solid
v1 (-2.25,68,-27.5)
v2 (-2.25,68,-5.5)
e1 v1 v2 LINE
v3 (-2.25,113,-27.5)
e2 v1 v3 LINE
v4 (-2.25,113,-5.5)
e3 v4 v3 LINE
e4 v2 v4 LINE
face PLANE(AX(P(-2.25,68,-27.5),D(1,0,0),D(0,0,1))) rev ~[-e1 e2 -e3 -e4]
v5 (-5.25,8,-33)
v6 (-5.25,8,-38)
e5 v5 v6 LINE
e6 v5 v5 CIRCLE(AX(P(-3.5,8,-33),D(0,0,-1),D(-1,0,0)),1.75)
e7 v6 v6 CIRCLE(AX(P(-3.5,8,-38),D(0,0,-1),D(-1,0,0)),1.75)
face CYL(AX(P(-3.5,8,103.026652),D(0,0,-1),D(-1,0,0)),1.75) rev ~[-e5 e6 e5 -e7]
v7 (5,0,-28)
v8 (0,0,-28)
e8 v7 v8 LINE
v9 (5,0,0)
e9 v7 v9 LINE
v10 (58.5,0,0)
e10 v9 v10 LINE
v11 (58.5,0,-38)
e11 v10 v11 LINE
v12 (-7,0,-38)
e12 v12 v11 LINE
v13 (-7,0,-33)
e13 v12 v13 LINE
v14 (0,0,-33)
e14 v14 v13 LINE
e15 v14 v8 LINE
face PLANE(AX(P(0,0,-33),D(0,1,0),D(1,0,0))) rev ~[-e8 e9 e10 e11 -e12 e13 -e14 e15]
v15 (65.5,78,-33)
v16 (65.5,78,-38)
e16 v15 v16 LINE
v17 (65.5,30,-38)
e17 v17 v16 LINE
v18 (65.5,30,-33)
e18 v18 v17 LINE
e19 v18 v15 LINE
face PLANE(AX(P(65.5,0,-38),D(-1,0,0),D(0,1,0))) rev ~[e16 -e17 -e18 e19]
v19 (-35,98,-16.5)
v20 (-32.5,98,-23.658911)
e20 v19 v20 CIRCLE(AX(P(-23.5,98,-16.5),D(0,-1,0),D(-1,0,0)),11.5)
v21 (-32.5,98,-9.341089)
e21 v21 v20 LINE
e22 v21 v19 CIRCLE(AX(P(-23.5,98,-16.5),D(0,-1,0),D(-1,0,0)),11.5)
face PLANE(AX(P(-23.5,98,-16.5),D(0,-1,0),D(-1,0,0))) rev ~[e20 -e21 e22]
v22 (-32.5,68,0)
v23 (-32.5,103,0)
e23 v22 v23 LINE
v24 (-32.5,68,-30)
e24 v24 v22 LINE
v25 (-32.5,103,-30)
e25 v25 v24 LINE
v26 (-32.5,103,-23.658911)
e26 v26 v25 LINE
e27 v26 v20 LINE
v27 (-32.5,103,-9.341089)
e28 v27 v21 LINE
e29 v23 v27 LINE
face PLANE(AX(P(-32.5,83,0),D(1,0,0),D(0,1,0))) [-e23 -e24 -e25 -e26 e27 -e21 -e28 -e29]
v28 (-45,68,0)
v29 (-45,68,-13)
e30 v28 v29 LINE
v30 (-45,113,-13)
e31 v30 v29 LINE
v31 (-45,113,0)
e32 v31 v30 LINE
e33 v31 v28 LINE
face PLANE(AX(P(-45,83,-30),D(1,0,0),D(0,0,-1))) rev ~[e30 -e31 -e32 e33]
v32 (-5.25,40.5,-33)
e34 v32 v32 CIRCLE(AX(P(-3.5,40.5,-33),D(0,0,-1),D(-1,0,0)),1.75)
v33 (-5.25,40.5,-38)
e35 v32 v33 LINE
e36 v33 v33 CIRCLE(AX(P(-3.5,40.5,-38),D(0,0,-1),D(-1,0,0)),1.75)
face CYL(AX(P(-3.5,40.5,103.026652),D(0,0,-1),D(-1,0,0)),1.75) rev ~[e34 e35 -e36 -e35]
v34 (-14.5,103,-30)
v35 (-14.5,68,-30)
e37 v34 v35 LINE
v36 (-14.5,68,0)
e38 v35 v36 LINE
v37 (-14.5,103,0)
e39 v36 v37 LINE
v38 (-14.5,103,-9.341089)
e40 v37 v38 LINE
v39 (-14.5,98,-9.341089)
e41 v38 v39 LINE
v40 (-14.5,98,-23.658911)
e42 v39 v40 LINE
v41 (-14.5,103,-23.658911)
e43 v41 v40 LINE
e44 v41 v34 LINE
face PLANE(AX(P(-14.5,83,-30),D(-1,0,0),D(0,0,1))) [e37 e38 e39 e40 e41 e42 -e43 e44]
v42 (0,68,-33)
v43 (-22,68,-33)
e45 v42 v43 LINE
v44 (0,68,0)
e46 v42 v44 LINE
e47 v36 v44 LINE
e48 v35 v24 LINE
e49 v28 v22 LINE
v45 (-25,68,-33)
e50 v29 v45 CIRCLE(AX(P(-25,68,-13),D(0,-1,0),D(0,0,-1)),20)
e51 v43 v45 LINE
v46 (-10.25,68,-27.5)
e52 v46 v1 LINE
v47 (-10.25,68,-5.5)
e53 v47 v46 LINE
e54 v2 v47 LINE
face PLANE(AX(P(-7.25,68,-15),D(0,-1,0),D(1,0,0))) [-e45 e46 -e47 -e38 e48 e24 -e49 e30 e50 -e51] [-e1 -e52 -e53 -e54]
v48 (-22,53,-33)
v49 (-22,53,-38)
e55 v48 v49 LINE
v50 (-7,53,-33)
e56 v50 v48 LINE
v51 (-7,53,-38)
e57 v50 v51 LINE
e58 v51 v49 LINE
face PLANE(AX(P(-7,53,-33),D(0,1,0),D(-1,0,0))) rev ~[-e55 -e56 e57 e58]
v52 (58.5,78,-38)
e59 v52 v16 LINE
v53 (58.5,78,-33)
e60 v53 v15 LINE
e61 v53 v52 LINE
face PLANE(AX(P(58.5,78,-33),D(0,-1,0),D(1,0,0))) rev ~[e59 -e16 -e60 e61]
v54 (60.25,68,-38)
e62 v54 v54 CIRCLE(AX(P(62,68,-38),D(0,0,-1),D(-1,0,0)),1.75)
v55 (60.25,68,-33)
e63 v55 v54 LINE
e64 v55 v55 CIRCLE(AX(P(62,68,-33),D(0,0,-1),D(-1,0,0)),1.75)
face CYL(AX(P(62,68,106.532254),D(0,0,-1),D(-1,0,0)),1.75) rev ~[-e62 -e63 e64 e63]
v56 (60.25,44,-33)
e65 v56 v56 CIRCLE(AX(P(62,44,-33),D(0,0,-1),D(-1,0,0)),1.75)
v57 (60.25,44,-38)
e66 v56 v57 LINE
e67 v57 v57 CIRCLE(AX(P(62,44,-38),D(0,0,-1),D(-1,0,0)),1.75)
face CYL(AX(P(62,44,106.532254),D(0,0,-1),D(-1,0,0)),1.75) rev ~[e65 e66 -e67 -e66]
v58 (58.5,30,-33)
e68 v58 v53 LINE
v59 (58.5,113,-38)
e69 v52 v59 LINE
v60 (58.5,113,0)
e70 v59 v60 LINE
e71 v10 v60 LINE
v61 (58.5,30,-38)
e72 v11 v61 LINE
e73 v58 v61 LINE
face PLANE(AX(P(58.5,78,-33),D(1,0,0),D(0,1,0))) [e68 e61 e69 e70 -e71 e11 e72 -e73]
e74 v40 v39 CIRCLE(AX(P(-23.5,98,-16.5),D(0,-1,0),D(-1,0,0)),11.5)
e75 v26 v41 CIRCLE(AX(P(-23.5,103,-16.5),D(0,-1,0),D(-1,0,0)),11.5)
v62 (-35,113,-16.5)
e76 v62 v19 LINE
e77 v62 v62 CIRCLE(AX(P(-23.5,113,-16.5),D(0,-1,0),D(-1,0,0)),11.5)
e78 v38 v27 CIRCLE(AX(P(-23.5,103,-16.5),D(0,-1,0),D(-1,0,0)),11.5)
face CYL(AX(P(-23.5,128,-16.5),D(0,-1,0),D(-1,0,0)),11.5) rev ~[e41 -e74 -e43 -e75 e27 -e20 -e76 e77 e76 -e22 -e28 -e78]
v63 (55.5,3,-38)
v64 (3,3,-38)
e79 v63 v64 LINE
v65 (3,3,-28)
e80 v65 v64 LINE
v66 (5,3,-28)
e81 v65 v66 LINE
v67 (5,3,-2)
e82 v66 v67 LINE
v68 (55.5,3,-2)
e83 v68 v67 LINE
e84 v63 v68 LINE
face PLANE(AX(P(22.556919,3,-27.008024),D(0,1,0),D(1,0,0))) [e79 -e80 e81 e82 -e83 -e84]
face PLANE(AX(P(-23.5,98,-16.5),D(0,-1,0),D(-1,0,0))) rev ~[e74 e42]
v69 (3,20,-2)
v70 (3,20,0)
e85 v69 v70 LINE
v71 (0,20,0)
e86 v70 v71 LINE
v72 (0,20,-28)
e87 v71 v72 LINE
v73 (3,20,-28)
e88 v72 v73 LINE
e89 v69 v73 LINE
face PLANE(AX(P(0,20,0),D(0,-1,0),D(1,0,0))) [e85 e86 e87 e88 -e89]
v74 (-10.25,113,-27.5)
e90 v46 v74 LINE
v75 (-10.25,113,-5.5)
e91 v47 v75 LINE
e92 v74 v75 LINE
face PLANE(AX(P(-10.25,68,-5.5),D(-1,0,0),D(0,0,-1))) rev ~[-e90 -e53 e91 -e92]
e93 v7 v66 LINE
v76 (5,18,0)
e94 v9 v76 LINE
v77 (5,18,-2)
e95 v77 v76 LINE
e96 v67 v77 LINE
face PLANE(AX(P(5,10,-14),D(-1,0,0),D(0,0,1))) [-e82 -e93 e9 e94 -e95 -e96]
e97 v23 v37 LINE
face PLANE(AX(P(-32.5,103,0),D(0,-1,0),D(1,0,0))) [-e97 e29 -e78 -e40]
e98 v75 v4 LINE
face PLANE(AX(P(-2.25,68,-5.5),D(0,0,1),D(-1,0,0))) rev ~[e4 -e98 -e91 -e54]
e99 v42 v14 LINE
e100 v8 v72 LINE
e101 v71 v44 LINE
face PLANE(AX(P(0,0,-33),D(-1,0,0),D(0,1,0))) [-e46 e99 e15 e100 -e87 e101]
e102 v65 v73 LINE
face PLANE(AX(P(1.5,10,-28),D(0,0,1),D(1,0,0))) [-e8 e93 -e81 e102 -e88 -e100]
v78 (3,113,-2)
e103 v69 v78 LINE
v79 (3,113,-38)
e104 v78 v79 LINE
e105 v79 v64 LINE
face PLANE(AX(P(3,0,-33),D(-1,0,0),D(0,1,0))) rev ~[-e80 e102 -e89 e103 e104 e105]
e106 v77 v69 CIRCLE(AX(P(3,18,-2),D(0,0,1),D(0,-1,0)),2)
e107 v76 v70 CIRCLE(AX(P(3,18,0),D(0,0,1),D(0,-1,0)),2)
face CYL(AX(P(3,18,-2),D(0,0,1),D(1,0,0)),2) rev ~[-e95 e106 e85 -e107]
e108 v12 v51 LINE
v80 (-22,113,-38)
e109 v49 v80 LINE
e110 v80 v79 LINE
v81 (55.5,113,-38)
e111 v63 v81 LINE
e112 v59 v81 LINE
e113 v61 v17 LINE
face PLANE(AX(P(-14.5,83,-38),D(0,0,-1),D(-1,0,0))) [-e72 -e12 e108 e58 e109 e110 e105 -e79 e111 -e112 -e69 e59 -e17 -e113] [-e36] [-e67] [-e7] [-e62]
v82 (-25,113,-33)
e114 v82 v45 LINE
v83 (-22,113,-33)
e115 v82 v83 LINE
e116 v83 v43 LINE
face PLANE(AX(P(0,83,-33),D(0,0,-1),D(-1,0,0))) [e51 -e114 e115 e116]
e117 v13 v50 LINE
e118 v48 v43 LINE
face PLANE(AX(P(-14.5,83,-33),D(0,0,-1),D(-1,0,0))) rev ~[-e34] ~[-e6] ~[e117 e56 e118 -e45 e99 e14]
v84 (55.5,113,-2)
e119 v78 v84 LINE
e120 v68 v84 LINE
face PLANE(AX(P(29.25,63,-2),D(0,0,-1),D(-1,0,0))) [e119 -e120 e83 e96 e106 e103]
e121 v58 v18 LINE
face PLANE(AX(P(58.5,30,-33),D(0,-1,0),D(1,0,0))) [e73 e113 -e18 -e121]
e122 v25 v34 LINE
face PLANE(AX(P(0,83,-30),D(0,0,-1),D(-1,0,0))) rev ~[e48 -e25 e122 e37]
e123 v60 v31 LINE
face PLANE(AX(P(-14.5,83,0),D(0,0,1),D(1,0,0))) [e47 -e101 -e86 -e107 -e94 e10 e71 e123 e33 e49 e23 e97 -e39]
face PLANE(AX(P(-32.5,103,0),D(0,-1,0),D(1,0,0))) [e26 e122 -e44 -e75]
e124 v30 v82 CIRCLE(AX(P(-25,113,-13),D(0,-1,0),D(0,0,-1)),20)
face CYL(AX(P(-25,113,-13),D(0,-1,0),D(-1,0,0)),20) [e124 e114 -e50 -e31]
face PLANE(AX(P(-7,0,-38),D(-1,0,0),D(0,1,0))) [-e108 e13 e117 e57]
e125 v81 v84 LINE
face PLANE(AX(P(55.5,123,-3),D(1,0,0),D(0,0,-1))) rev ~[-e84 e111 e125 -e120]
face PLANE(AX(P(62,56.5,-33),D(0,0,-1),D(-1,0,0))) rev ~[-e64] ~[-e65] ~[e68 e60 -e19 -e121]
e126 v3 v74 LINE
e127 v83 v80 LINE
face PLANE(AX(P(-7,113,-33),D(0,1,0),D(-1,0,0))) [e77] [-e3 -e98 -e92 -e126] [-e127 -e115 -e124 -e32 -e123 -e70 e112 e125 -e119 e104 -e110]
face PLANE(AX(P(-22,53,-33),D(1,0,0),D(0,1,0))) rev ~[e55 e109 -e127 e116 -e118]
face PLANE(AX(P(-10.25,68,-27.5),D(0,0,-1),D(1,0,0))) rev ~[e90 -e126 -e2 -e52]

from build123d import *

# Parameters (mm, degrees)
SKETCH_1_W          = 58.5
SKETCH_1_H          = 42
EXTRUDE_1_DEPTH     = 123
CUT_EXTRUDE_1_DEPTH = 120
SKETCH_3_W          = 58.5
SKETCH_3_H          = 123
CUT_EXTRUDE_2_DEPTH = 4
SKETCH_4_W          = 52.5
SKETCH_4_H          = 120
CUT_EXTRUDE_3_DEPTH = 1
SKETCH_5_W          = 58.5
SKETCH_5_H          = 38
CUT_EXTRUDE_4_DEPTH = 10
SKETCH_6_W          = 7
SKETCH_6_H          = 113
EXTRUDE_2_DEPTH     = 5
SKETCH_10_W         = 3
SKETCH_10_H         = 20
CUT_EXTRUDE_5_DEPTH = 33
HOLE_WIZARD_2_D     = 3.5
SKETCH_13_W         = 7
SKETCH_13_H         = 113
EXTRUDE_3_DEPTH     = 5
HOLE_WIZARD_3_D     = 3.5
SKETCH_17_W         = 7
SKETCH_17_H         = 35
SKETCH_17_H_2       = 30
CUT_EXTRUDE_6_DEPTH = 5
SKETCH_18_W         = 3
SKETCH_18_H         = 20
EXTRUDE_4_DEPTH     = 5
SKETCH_19_W         = 28
SKETCH_19_H         = 20
CUT_EXTRUDE_7_DEPTH = 2
FILLET_3_R          = 2
SKETCH_21_W         = 33
SKETCH_21_H         = 30
EXTRUDE_6_DEPTH     = 30
SKETCH_22_W         = 15
SKETCH_22_H         = 33
EXTRUDE_7_DEPTH     = 30
SKETCH_24_W         = 18
SKETCH_24_H         = 20
CUT_EXTRUDE_8_DEPTH = 30
HOLE_WIZARD_4_D     = 23
HOLE_WIZARD_4_DEPTH = 15
SKETCH_27_W         = 15
SKETCH_27_H         = 60
EXTRUDE_8_DEPTH     = 5
SKETCH_28_W         = 45
SKETCH_28_H         = 3
EXTRUDE_9_DEPTH     = 15
SKETCH_29_W         = 14.5
SKETCH_29_H         = 30
SKETCH_29_W_2       = 12.5
EXTRUDE_10_DEPTH    = 15
FILLET_6_R          = 20
SKETCH_30_W         = 2
SKETCH_30_H         = 22
CUT_EXTRUDE_9_DEPTH = 102.775488208


with BuildPart() as part:
    # 草图1 → 凸台-拉伸1 (new body)
    with BuildSketch(Plane(origin=(0, 0, 0), x_dir=(1, 0, 0), z_dir=(0, 1, 0))):
        with Locations((29.25, 21)):
            Rectangle(SKETCH_1_W, SKETCH_1_H)
    extrude(amount=EXTRUDE_1_DEPTH)

    # 草图2 → 切除-拉伸1 (cut)
    with BuildSketch(Plane(origin=(0, 123, 0), x_dir=(1, 0, 0), z_dir=(0, 1, 0))):
        Polygon((3, 3), (4.178571429, 3), (54.321428571, 39), (3, 39), align=None)
        Polygon((54.321428571, 39), (4.178571429, 3), (55.5, 3), (55.5, 39), align=None)
    extrude(amount=-CUT_EXTRUDE_1_DEPTH, mode=Mode.SUBTRACT)

    # 草图3 → 切除-拉伸2 (cut)
    with BuildSketch(Plane(origin=(0, 0, -42), x_dir=(-1, 0, 0), z_dir=(0, 0, -1))):
        with Locations((-29.25, 61.5)):
            Rectangle(SKETCH_3_W, SKETCH_3_H)
    extrude(amount=-CUT_EXTRUDE_2_DEPTH, mode=Mode.SUBTRACT)

    # 草图4 → 切除-拉伸3 (cut)
    with BuildSketch(Plane(origin=(0, 0, -3), x_dir=(-1, 0, 0), z_dir=(0, 0, -1))):
        with Locations((-29.25, 63)):
            Rectangle(SKETCH_4_W, SKETCH_4_H)
    extrude(amount=-CUT_EXTRUDE_3_DEPTH, mode=Mode.SUBTRACT)

    # 草图5 → 切除-拉伸4 (cut)
    with BuildSketch(Plane(origin=(0, 123, 0), x_dir=(1, 0, 0), z_dir=(0, 1, 0))):
        with Locations((29.25, 19)):
            Rectangle(SKETCH_5_W, SKETCH_5_H)
    extrude(amount=-CUT_EXTRUDE_4_DEPTH, mode=Mode.SUBTRACT)

    # 草图6 → 凸台-拉伸2 (add)
    with BuildSketch(Plane(origin=(0, 0, -38), x_dir=(-1, 0, 0), z_dir=(0, 0, -1))):
        with Locations((3.5, 56.5)):
            Rectangle(SKETCH_6_W, SKETCH_6_H)
    extrude(amount=-EXTRUDE_2_DEPTH)

    # 草图10 → 切除-拉伸5 (cut)
    with BuildSketch(Plane.XY):
        with Locations((1.5, 10)):
            Rectangle(SKETCH_10_W, SKETCH_10_H)
    extrude(amount=-CUT_EXTRUDE_5_DEPTH, mode=Mode.SUBTRACT)

    # 孔2 (through all)
    with Locations(Plane.XY.offset(-33)):
        with Locations((-3.5, 40.5), (-3.5, 8)):
            Hole(HOLE_WIZARD_2_D / 2)

    # 草图13 → 凸台-拉伸3 (add)
    with BuildSketch(Plane(origin=(0, 0, -38), x_dir=(-1, 0, 0), z_dir=(0, 0, -1))):
        with Locations((-62, 56.5)):
            Rectangle(SKETCH_13_W, SKETCH_13_H)
    extrude(amount=-EXTRUDE_3_DEPTH)

    # 孔3 (through all)
    with Locations(Plane.XY.offset(-33)):
        with Locations((62, 68), (62, 44)):
            Hole(HOLE_WIZARD_3_D / 2)

    # 草图17 → 切除-拉伸6 (cut)
    with BuildSketch(Plane.XY.offset(-33)):
        with Locations((62, 95.5)):
            Rectangle(SKETCH_17_W, SKETCH_17_H)
        with Locations((62, 15)):
            Rectangle(SKETCH_17_W, SKETCH_17_H_2)
    extrude(amount=-CUT_EXTRUDE_6_DEPTH, mode=Mode.SUBTRACT)

    # 草图18 → 凸台-拉伸4 (add)
    with BuildSketch(Plane.XY.offset(-33)):
        with Locations((1.5, 10)):
            Rectangle(SKETCH_18_W, SKETCH_18_H)
    extrude(amount=EXTRUDE_4_DEPTH)

    # 草图19 → 切除-拉伸7 (cut)
    with BuildSketch(Plane.ZY.offset(-3)):
        with Locations((-14, 10)):
            Rectangle(SKETCH_19_W, SKETCH_19_H)
    extrude(amount=-CUT_EXTRUDE_7_DEPTH, mode=Mode.SUBTRACT)

    # 圆角3
    fillet_3_edges = [part.edges().sort_by_distance(p)[0] for p in [
        (5, 20, -1),
    ]]
    fillet(fillet_3_edges, radius=FILLET_3_R)

    # 草图21 → 凸台-拉伸6 (add)
    with BuildSketch(Plane.ZY):
        with Locations((-16.5, 98)):
            Rectangle(SKETCH_21_W, SKETCH_21_H)
    extrude(amount=EXTRUDE_6_DEPTH)

    # 草图22 → 凸台-拉伸7 (add)
    with BuildSketch(Plane(origin=(0, 113, 0), x_dir=(1, 0, 0), z_dir=(0, 1, 0))):
        with Locations((-37.5, 16.5)):
            Rectangle(SKETCH_22_W, SKETCH_22_H)
    extrude(amount=-EXTRUDE_7_DEPTH)

    # 草图24 → 切除-拉伸8 (cut)
    with BuildSketch(Plane.XY):
        with Locations((-23.5, 93)):
            Rectangle(SKETCH_24_W, SKETCH_24_H)
    extrude(amount=-CUT_EXTRUDE_8_DEPTH, mode=Mode.SUBTRACT)

    # 孔4
    with Locations(Plane(origin=(0, 113, 0), x_dir=(1, 0, 0), z_dir=(0, 1, 0))):
        with Locations((-23.5, 16.5)):
            Hole(HOLE_WIZARD_4_D / 2, depth=HOLE_WIZARD_4_DEPTH)

    # 草图27 → 凸台-拉伸8 (add)
    with BuildSketch(Plane(origin=(0, 0, -33), x_dir=(-1, 0, 0), z_dir=(0, 0, -1))):
        with Locations((14.5, 83)):
            Rectangle(SKETCH_27_W, SKETCH_27_H)
    extrude(amount=EXTRUDE_8_DEPTH)

    # 草图28 → 凸台-拉伸9 (add)
    with BuildSketch(Plane(origin=(0, 83, 0), x_dir=(-1, 0, 0), z_dir=(0, -1, 0))):
        with Locations((22.5, 31.5)):
            Rectangle(SKETCH_28_W, SKETCH_28_H)
    extrude(amount=EXTRUDE_9_DEPTH)

    # 草图29 → 凸台-拉伸10 (add)
    with BuildSketch(Plane.XZ.offset(-83)):
        with Locations((-7.25, -15)):
            Rectangle(SKETCH_29_W, SKETCH_29_H)
        with Locations((-38.75, -15)):
            Rectangle(SKETCH_29_W_2, SKETCH_29_H)
    extrude(amount=EXTRUDE_10_DEPTH)

    # 圆角6
    fillet_6_edges = [part.edges().sort_by_distance(p)[0] for p in [
        (-45, 90.5, -33),
    ]]
    fillet(fillet_6_edges, radius=FILLET_6_R)

    # 草图30 → 切除-拉伸9 (cut, through all)
    with BuildSketch(Plane.XZ.offset(-68)):
        Polygon((-10.25, -9.672413793), (-4.25, -23.327586207), (-4.25, -5.5), (-10.25, -5.5), align=None)
        Polygon((-4.25, -27.5), (-4.25, -23.327586207), (-10.25, -9.672413793), (-10.25, -27.5), align=None)
        with Locations((-3.25, -16.5)):
            Rectangle(SKETCH_30_W, SKETCH_30_H)
    extrude(amount=-CUT_EXTRUDE_9_DEPTH, mode=Mode.SUBTRACT)


solid = part.part
